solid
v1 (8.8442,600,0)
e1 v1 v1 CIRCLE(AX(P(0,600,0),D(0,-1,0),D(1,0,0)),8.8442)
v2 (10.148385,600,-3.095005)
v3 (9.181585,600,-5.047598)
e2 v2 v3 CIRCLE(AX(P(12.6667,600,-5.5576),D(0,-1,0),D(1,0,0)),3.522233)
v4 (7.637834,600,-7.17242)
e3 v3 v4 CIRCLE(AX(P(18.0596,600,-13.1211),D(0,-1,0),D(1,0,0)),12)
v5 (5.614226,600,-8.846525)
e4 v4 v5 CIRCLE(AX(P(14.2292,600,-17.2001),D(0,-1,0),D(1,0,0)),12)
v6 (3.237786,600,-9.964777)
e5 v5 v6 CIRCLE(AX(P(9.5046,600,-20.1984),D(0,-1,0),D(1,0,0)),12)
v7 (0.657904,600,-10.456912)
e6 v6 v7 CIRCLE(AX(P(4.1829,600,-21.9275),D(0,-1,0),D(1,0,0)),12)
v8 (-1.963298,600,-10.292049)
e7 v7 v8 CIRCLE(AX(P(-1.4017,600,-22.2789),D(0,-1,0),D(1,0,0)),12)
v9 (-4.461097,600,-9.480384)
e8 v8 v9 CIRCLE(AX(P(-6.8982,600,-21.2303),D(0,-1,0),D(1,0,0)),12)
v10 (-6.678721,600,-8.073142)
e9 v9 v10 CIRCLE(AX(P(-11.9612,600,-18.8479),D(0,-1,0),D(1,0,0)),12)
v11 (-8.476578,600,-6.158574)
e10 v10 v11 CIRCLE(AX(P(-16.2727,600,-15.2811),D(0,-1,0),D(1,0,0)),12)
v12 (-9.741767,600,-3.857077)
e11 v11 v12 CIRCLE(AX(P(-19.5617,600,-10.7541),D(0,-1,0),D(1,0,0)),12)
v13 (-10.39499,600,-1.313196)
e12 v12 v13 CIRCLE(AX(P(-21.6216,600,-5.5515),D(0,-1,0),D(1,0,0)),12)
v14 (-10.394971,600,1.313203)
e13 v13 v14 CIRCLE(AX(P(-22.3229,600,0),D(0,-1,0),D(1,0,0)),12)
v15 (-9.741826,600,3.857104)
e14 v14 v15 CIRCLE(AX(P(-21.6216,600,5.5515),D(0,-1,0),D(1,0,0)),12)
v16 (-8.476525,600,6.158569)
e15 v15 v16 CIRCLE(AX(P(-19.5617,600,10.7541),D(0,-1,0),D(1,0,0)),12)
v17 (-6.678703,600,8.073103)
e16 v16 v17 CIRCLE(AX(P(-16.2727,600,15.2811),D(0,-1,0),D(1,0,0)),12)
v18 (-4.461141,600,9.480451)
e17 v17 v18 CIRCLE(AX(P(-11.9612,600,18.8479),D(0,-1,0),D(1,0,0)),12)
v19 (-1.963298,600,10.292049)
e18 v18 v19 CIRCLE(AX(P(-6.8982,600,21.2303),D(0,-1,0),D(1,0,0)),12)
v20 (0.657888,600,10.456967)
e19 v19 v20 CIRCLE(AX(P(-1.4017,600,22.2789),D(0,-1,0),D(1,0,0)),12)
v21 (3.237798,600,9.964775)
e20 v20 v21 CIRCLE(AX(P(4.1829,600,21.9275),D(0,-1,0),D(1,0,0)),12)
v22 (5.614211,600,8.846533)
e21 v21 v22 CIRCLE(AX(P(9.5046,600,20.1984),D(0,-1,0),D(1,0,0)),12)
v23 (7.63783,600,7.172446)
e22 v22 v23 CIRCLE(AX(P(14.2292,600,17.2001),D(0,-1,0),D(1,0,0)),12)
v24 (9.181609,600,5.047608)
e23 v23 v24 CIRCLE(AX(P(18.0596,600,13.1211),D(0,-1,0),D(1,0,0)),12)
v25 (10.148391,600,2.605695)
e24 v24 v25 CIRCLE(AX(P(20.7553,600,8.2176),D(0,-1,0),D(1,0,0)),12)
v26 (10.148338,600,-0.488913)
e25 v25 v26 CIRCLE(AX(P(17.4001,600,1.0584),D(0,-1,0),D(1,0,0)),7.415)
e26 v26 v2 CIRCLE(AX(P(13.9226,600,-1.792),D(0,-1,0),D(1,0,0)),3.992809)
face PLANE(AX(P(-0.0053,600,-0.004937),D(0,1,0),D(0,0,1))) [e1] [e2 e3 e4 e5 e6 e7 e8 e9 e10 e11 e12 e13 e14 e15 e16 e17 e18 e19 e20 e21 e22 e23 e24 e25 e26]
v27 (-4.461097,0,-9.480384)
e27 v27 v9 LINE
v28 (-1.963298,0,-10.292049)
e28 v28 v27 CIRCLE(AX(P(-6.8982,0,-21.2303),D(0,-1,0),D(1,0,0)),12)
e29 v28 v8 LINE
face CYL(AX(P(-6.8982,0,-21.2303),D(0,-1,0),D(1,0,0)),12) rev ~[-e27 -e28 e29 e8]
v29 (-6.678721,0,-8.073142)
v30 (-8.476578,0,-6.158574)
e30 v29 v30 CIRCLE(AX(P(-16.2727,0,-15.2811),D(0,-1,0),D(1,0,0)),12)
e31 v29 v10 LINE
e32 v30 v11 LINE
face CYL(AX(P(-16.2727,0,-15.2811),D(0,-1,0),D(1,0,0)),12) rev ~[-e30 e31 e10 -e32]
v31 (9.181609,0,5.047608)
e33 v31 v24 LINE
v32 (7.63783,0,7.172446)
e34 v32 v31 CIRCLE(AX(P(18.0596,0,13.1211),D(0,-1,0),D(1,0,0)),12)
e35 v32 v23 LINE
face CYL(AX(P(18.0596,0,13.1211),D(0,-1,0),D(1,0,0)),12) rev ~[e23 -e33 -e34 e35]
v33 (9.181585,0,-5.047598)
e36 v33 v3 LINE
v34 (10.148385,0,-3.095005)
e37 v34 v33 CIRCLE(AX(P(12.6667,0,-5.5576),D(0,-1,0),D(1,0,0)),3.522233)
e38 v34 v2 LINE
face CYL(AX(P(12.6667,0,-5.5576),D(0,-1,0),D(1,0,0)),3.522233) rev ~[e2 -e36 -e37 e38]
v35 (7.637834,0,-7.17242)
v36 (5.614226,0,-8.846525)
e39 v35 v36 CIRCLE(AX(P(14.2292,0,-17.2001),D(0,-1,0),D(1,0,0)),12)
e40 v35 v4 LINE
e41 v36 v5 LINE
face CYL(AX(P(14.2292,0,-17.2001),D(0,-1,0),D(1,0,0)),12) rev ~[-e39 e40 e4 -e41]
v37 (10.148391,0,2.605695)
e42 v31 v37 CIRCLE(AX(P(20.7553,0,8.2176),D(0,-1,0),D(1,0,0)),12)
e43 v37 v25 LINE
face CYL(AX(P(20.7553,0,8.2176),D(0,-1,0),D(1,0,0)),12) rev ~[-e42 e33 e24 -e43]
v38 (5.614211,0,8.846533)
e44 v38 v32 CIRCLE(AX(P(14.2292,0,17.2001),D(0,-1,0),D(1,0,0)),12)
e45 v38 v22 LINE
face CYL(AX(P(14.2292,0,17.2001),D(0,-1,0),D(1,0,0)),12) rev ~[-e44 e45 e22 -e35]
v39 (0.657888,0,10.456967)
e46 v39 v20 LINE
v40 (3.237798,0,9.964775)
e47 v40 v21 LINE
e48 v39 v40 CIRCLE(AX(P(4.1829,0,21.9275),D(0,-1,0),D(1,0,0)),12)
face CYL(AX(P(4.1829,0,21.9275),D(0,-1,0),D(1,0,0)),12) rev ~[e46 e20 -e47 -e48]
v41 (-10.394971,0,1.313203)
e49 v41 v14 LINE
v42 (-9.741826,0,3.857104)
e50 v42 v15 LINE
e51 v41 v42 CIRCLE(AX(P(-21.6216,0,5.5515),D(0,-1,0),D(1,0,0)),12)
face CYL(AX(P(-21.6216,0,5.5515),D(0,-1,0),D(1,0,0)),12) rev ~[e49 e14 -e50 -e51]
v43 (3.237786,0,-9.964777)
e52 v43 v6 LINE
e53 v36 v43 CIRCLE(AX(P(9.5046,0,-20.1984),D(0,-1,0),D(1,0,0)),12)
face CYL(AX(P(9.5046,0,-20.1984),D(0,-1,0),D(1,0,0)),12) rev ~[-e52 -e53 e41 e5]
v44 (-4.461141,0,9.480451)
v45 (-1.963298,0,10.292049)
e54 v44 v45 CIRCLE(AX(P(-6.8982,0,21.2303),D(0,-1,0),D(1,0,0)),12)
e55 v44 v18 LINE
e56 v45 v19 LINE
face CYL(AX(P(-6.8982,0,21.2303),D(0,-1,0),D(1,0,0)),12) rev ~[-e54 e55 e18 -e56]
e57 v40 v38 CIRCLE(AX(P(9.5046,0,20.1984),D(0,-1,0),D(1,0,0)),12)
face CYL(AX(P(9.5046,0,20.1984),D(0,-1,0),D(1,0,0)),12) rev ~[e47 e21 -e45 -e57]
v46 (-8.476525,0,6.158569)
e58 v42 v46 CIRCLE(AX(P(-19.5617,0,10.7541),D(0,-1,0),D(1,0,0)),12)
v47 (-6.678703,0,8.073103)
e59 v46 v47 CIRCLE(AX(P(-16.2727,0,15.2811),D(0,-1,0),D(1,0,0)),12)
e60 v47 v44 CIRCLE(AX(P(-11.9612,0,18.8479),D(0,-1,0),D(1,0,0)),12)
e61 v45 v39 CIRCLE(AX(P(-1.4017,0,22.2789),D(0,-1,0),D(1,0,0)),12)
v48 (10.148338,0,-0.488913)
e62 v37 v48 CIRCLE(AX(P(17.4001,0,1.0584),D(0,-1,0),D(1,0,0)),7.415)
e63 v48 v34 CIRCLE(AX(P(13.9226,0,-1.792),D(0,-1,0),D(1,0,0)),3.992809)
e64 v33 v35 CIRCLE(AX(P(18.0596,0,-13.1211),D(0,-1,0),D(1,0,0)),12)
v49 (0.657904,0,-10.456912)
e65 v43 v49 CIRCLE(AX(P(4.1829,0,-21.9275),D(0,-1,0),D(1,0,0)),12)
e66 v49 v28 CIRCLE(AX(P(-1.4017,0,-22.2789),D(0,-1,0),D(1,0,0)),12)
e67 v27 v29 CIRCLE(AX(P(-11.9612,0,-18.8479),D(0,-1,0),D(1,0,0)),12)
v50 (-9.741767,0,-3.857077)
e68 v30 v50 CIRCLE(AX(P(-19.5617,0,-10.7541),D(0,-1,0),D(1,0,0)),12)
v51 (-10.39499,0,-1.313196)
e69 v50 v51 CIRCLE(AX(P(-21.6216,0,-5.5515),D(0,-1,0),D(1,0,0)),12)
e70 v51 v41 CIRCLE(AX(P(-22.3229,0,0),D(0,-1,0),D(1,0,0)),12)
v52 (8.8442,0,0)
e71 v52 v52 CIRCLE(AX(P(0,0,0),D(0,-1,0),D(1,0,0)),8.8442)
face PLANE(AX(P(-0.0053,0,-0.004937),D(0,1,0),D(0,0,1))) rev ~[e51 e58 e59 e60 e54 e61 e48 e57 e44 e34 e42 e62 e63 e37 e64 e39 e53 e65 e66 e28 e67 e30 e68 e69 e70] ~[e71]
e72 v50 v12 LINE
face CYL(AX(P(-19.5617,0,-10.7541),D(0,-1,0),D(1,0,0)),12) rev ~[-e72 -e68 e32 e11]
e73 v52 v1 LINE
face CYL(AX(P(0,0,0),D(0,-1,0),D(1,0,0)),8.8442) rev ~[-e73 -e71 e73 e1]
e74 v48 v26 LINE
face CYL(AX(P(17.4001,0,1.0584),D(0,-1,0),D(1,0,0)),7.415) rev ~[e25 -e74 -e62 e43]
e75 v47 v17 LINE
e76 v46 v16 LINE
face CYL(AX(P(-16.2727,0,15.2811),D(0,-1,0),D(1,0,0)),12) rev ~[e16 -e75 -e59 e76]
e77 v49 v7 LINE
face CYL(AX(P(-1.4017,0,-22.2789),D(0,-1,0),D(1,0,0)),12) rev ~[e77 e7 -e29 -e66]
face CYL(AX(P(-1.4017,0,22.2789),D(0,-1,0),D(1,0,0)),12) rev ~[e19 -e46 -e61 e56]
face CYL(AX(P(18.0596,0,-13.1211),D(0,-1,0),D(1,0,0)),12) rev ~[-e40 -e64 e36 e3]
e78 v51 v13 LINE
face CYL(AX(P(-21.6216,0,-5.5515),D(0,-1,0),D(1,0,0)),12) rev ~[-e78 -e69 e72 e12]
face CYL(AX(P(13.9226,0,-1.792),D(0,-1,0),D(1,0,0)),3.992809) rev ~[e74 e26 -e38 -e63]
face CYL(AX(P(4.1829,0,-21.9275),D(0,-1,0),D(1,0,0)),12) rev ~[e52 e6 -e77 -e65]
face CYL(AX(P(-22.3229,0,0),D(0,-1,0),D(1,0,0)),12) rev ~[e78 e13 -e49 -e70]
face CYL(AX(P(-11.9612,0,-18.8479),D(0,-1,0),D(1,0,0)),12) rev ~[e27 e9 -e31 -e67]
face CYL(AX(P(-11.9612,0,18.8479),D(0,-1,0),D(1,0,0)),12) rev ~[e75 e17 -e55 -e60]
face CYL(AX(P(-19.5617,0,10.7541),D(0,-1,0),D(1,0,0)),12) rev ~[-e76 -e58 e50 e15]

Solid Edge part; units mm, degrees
sketch "Sketch1" plane through (0, 0, 0) normal (0, -1, 0) x (1, 0, 0)
  arc A0 (-1.9633, 10.292) -> (0.6579, 10.4569) centre (-1.4017, 22.2789) ccw
  arc A1 (0.6579, 10.4569) -> (3.2378, 9.9648) centre (4.1829, 21.9275) ccw
  arc A2 (3.2378, 9.9648) -> (5.6142, 8.8465) centre (9.5046, 20.1984) ccw
  arc A3 (5.6142, 8.8465) -> (7.6378, 7.1724) centre (14.2292, 17.2001) ccw
  arc A4 (7.6378, 7.1724) -> (9.1816, 5.0476) centre (18.0596, 13.1211) ccw
  arc A5 (9.1816, 5.0476) -> (10.1484, 2.6057) centre (20.7553, 8.2176) ccw
  arc A6 (10.1484, 2.6057) -> (10.1484, -0.4889) centre (17.4001, 1.0584) ccw
  arc A7 (10.1484, -0.4889) -> (10.1484, -3.095) centre (13.9226, -1.792) ccw
  arc A8 (10.1484, -3.095) -> (9.1816, -5.0476) centre (12.6667, -5.5576) ccw
  arc A9 (9.1816, -5.0476) -> (7.6378, -7.1724) centre (18.0596, -13.1211) ccw
  arc A10 (7.6378, -7.1724) -> (5.6142, -8.8465) centre (14.2292, -17.2001) ccw
  arc A11 (5.6142, -8.8465) -> (3.2378, -9.9648) centre (9.5046, -20.1984) ccw
  arc A12 (3.2378, -9.9648) -> (0.6579, -10.4569) centre (4.1829, -21.9275) ccw
  arc A13 (0.6579, -10.4569) -> (-1.9633, -10.292) centre (-1.4017, -22.2789) ccw
  arc A14 (-1.9633, -10.292) -> (-4.4611, -9.4804) centre (-6.8982, -21.2303) ccw
  arc A15 (-4.4611, -9.4804) -> (-6.6787, -8.0731) centre (-11.9612, -18.8479) ccw
  arc A16 (-6.6787, -8.0731) -> (-8.4766, -6.1586) centre (-16.2727, -15.2811) ccw
  arc A17 (-8.4766, -6.1586) -> (-9.7418, -3.8571) centre (-19.5617, -10.7541) ccw
  arc A18 (-9.7418, -3.8571) -> (-10.395, -1.3132) centre (-21.6216, -5.5515) ccw
  arc A19 (-10.395, -1.3132) -> (-10.395, 1.3132) centre (-22.3229, 0) ccw
  arc A20 (-10.395, 1.3132) -> (-9.7418, 3.8571) centre (-21.6216, 5.5515) ccw
  arc A21 (-9.7418, 3.8571) -> (-8.4766, 6.1586) centre (-19.5617, 10.7541) ccw
  arc A22 (-8.4766, 6.1586) -> (-6.6787, 8.0731) centre (-16.2727, 15.2811) ccw
  arc A23 (-6.6787, 8.0731) -> (-4.4611, 9.4804) centre (-11.9612, 18.8479) ccw
  arc A24 (-4.4611, 9.4804) -> (-1.9633, 10.292) centre (-6.8982, 21.2303) ccw
  circle A25 centre (0, 0) radius 8.8442
extrude "Protrusion1" add sketch "Sketch1" against normal blind 600
